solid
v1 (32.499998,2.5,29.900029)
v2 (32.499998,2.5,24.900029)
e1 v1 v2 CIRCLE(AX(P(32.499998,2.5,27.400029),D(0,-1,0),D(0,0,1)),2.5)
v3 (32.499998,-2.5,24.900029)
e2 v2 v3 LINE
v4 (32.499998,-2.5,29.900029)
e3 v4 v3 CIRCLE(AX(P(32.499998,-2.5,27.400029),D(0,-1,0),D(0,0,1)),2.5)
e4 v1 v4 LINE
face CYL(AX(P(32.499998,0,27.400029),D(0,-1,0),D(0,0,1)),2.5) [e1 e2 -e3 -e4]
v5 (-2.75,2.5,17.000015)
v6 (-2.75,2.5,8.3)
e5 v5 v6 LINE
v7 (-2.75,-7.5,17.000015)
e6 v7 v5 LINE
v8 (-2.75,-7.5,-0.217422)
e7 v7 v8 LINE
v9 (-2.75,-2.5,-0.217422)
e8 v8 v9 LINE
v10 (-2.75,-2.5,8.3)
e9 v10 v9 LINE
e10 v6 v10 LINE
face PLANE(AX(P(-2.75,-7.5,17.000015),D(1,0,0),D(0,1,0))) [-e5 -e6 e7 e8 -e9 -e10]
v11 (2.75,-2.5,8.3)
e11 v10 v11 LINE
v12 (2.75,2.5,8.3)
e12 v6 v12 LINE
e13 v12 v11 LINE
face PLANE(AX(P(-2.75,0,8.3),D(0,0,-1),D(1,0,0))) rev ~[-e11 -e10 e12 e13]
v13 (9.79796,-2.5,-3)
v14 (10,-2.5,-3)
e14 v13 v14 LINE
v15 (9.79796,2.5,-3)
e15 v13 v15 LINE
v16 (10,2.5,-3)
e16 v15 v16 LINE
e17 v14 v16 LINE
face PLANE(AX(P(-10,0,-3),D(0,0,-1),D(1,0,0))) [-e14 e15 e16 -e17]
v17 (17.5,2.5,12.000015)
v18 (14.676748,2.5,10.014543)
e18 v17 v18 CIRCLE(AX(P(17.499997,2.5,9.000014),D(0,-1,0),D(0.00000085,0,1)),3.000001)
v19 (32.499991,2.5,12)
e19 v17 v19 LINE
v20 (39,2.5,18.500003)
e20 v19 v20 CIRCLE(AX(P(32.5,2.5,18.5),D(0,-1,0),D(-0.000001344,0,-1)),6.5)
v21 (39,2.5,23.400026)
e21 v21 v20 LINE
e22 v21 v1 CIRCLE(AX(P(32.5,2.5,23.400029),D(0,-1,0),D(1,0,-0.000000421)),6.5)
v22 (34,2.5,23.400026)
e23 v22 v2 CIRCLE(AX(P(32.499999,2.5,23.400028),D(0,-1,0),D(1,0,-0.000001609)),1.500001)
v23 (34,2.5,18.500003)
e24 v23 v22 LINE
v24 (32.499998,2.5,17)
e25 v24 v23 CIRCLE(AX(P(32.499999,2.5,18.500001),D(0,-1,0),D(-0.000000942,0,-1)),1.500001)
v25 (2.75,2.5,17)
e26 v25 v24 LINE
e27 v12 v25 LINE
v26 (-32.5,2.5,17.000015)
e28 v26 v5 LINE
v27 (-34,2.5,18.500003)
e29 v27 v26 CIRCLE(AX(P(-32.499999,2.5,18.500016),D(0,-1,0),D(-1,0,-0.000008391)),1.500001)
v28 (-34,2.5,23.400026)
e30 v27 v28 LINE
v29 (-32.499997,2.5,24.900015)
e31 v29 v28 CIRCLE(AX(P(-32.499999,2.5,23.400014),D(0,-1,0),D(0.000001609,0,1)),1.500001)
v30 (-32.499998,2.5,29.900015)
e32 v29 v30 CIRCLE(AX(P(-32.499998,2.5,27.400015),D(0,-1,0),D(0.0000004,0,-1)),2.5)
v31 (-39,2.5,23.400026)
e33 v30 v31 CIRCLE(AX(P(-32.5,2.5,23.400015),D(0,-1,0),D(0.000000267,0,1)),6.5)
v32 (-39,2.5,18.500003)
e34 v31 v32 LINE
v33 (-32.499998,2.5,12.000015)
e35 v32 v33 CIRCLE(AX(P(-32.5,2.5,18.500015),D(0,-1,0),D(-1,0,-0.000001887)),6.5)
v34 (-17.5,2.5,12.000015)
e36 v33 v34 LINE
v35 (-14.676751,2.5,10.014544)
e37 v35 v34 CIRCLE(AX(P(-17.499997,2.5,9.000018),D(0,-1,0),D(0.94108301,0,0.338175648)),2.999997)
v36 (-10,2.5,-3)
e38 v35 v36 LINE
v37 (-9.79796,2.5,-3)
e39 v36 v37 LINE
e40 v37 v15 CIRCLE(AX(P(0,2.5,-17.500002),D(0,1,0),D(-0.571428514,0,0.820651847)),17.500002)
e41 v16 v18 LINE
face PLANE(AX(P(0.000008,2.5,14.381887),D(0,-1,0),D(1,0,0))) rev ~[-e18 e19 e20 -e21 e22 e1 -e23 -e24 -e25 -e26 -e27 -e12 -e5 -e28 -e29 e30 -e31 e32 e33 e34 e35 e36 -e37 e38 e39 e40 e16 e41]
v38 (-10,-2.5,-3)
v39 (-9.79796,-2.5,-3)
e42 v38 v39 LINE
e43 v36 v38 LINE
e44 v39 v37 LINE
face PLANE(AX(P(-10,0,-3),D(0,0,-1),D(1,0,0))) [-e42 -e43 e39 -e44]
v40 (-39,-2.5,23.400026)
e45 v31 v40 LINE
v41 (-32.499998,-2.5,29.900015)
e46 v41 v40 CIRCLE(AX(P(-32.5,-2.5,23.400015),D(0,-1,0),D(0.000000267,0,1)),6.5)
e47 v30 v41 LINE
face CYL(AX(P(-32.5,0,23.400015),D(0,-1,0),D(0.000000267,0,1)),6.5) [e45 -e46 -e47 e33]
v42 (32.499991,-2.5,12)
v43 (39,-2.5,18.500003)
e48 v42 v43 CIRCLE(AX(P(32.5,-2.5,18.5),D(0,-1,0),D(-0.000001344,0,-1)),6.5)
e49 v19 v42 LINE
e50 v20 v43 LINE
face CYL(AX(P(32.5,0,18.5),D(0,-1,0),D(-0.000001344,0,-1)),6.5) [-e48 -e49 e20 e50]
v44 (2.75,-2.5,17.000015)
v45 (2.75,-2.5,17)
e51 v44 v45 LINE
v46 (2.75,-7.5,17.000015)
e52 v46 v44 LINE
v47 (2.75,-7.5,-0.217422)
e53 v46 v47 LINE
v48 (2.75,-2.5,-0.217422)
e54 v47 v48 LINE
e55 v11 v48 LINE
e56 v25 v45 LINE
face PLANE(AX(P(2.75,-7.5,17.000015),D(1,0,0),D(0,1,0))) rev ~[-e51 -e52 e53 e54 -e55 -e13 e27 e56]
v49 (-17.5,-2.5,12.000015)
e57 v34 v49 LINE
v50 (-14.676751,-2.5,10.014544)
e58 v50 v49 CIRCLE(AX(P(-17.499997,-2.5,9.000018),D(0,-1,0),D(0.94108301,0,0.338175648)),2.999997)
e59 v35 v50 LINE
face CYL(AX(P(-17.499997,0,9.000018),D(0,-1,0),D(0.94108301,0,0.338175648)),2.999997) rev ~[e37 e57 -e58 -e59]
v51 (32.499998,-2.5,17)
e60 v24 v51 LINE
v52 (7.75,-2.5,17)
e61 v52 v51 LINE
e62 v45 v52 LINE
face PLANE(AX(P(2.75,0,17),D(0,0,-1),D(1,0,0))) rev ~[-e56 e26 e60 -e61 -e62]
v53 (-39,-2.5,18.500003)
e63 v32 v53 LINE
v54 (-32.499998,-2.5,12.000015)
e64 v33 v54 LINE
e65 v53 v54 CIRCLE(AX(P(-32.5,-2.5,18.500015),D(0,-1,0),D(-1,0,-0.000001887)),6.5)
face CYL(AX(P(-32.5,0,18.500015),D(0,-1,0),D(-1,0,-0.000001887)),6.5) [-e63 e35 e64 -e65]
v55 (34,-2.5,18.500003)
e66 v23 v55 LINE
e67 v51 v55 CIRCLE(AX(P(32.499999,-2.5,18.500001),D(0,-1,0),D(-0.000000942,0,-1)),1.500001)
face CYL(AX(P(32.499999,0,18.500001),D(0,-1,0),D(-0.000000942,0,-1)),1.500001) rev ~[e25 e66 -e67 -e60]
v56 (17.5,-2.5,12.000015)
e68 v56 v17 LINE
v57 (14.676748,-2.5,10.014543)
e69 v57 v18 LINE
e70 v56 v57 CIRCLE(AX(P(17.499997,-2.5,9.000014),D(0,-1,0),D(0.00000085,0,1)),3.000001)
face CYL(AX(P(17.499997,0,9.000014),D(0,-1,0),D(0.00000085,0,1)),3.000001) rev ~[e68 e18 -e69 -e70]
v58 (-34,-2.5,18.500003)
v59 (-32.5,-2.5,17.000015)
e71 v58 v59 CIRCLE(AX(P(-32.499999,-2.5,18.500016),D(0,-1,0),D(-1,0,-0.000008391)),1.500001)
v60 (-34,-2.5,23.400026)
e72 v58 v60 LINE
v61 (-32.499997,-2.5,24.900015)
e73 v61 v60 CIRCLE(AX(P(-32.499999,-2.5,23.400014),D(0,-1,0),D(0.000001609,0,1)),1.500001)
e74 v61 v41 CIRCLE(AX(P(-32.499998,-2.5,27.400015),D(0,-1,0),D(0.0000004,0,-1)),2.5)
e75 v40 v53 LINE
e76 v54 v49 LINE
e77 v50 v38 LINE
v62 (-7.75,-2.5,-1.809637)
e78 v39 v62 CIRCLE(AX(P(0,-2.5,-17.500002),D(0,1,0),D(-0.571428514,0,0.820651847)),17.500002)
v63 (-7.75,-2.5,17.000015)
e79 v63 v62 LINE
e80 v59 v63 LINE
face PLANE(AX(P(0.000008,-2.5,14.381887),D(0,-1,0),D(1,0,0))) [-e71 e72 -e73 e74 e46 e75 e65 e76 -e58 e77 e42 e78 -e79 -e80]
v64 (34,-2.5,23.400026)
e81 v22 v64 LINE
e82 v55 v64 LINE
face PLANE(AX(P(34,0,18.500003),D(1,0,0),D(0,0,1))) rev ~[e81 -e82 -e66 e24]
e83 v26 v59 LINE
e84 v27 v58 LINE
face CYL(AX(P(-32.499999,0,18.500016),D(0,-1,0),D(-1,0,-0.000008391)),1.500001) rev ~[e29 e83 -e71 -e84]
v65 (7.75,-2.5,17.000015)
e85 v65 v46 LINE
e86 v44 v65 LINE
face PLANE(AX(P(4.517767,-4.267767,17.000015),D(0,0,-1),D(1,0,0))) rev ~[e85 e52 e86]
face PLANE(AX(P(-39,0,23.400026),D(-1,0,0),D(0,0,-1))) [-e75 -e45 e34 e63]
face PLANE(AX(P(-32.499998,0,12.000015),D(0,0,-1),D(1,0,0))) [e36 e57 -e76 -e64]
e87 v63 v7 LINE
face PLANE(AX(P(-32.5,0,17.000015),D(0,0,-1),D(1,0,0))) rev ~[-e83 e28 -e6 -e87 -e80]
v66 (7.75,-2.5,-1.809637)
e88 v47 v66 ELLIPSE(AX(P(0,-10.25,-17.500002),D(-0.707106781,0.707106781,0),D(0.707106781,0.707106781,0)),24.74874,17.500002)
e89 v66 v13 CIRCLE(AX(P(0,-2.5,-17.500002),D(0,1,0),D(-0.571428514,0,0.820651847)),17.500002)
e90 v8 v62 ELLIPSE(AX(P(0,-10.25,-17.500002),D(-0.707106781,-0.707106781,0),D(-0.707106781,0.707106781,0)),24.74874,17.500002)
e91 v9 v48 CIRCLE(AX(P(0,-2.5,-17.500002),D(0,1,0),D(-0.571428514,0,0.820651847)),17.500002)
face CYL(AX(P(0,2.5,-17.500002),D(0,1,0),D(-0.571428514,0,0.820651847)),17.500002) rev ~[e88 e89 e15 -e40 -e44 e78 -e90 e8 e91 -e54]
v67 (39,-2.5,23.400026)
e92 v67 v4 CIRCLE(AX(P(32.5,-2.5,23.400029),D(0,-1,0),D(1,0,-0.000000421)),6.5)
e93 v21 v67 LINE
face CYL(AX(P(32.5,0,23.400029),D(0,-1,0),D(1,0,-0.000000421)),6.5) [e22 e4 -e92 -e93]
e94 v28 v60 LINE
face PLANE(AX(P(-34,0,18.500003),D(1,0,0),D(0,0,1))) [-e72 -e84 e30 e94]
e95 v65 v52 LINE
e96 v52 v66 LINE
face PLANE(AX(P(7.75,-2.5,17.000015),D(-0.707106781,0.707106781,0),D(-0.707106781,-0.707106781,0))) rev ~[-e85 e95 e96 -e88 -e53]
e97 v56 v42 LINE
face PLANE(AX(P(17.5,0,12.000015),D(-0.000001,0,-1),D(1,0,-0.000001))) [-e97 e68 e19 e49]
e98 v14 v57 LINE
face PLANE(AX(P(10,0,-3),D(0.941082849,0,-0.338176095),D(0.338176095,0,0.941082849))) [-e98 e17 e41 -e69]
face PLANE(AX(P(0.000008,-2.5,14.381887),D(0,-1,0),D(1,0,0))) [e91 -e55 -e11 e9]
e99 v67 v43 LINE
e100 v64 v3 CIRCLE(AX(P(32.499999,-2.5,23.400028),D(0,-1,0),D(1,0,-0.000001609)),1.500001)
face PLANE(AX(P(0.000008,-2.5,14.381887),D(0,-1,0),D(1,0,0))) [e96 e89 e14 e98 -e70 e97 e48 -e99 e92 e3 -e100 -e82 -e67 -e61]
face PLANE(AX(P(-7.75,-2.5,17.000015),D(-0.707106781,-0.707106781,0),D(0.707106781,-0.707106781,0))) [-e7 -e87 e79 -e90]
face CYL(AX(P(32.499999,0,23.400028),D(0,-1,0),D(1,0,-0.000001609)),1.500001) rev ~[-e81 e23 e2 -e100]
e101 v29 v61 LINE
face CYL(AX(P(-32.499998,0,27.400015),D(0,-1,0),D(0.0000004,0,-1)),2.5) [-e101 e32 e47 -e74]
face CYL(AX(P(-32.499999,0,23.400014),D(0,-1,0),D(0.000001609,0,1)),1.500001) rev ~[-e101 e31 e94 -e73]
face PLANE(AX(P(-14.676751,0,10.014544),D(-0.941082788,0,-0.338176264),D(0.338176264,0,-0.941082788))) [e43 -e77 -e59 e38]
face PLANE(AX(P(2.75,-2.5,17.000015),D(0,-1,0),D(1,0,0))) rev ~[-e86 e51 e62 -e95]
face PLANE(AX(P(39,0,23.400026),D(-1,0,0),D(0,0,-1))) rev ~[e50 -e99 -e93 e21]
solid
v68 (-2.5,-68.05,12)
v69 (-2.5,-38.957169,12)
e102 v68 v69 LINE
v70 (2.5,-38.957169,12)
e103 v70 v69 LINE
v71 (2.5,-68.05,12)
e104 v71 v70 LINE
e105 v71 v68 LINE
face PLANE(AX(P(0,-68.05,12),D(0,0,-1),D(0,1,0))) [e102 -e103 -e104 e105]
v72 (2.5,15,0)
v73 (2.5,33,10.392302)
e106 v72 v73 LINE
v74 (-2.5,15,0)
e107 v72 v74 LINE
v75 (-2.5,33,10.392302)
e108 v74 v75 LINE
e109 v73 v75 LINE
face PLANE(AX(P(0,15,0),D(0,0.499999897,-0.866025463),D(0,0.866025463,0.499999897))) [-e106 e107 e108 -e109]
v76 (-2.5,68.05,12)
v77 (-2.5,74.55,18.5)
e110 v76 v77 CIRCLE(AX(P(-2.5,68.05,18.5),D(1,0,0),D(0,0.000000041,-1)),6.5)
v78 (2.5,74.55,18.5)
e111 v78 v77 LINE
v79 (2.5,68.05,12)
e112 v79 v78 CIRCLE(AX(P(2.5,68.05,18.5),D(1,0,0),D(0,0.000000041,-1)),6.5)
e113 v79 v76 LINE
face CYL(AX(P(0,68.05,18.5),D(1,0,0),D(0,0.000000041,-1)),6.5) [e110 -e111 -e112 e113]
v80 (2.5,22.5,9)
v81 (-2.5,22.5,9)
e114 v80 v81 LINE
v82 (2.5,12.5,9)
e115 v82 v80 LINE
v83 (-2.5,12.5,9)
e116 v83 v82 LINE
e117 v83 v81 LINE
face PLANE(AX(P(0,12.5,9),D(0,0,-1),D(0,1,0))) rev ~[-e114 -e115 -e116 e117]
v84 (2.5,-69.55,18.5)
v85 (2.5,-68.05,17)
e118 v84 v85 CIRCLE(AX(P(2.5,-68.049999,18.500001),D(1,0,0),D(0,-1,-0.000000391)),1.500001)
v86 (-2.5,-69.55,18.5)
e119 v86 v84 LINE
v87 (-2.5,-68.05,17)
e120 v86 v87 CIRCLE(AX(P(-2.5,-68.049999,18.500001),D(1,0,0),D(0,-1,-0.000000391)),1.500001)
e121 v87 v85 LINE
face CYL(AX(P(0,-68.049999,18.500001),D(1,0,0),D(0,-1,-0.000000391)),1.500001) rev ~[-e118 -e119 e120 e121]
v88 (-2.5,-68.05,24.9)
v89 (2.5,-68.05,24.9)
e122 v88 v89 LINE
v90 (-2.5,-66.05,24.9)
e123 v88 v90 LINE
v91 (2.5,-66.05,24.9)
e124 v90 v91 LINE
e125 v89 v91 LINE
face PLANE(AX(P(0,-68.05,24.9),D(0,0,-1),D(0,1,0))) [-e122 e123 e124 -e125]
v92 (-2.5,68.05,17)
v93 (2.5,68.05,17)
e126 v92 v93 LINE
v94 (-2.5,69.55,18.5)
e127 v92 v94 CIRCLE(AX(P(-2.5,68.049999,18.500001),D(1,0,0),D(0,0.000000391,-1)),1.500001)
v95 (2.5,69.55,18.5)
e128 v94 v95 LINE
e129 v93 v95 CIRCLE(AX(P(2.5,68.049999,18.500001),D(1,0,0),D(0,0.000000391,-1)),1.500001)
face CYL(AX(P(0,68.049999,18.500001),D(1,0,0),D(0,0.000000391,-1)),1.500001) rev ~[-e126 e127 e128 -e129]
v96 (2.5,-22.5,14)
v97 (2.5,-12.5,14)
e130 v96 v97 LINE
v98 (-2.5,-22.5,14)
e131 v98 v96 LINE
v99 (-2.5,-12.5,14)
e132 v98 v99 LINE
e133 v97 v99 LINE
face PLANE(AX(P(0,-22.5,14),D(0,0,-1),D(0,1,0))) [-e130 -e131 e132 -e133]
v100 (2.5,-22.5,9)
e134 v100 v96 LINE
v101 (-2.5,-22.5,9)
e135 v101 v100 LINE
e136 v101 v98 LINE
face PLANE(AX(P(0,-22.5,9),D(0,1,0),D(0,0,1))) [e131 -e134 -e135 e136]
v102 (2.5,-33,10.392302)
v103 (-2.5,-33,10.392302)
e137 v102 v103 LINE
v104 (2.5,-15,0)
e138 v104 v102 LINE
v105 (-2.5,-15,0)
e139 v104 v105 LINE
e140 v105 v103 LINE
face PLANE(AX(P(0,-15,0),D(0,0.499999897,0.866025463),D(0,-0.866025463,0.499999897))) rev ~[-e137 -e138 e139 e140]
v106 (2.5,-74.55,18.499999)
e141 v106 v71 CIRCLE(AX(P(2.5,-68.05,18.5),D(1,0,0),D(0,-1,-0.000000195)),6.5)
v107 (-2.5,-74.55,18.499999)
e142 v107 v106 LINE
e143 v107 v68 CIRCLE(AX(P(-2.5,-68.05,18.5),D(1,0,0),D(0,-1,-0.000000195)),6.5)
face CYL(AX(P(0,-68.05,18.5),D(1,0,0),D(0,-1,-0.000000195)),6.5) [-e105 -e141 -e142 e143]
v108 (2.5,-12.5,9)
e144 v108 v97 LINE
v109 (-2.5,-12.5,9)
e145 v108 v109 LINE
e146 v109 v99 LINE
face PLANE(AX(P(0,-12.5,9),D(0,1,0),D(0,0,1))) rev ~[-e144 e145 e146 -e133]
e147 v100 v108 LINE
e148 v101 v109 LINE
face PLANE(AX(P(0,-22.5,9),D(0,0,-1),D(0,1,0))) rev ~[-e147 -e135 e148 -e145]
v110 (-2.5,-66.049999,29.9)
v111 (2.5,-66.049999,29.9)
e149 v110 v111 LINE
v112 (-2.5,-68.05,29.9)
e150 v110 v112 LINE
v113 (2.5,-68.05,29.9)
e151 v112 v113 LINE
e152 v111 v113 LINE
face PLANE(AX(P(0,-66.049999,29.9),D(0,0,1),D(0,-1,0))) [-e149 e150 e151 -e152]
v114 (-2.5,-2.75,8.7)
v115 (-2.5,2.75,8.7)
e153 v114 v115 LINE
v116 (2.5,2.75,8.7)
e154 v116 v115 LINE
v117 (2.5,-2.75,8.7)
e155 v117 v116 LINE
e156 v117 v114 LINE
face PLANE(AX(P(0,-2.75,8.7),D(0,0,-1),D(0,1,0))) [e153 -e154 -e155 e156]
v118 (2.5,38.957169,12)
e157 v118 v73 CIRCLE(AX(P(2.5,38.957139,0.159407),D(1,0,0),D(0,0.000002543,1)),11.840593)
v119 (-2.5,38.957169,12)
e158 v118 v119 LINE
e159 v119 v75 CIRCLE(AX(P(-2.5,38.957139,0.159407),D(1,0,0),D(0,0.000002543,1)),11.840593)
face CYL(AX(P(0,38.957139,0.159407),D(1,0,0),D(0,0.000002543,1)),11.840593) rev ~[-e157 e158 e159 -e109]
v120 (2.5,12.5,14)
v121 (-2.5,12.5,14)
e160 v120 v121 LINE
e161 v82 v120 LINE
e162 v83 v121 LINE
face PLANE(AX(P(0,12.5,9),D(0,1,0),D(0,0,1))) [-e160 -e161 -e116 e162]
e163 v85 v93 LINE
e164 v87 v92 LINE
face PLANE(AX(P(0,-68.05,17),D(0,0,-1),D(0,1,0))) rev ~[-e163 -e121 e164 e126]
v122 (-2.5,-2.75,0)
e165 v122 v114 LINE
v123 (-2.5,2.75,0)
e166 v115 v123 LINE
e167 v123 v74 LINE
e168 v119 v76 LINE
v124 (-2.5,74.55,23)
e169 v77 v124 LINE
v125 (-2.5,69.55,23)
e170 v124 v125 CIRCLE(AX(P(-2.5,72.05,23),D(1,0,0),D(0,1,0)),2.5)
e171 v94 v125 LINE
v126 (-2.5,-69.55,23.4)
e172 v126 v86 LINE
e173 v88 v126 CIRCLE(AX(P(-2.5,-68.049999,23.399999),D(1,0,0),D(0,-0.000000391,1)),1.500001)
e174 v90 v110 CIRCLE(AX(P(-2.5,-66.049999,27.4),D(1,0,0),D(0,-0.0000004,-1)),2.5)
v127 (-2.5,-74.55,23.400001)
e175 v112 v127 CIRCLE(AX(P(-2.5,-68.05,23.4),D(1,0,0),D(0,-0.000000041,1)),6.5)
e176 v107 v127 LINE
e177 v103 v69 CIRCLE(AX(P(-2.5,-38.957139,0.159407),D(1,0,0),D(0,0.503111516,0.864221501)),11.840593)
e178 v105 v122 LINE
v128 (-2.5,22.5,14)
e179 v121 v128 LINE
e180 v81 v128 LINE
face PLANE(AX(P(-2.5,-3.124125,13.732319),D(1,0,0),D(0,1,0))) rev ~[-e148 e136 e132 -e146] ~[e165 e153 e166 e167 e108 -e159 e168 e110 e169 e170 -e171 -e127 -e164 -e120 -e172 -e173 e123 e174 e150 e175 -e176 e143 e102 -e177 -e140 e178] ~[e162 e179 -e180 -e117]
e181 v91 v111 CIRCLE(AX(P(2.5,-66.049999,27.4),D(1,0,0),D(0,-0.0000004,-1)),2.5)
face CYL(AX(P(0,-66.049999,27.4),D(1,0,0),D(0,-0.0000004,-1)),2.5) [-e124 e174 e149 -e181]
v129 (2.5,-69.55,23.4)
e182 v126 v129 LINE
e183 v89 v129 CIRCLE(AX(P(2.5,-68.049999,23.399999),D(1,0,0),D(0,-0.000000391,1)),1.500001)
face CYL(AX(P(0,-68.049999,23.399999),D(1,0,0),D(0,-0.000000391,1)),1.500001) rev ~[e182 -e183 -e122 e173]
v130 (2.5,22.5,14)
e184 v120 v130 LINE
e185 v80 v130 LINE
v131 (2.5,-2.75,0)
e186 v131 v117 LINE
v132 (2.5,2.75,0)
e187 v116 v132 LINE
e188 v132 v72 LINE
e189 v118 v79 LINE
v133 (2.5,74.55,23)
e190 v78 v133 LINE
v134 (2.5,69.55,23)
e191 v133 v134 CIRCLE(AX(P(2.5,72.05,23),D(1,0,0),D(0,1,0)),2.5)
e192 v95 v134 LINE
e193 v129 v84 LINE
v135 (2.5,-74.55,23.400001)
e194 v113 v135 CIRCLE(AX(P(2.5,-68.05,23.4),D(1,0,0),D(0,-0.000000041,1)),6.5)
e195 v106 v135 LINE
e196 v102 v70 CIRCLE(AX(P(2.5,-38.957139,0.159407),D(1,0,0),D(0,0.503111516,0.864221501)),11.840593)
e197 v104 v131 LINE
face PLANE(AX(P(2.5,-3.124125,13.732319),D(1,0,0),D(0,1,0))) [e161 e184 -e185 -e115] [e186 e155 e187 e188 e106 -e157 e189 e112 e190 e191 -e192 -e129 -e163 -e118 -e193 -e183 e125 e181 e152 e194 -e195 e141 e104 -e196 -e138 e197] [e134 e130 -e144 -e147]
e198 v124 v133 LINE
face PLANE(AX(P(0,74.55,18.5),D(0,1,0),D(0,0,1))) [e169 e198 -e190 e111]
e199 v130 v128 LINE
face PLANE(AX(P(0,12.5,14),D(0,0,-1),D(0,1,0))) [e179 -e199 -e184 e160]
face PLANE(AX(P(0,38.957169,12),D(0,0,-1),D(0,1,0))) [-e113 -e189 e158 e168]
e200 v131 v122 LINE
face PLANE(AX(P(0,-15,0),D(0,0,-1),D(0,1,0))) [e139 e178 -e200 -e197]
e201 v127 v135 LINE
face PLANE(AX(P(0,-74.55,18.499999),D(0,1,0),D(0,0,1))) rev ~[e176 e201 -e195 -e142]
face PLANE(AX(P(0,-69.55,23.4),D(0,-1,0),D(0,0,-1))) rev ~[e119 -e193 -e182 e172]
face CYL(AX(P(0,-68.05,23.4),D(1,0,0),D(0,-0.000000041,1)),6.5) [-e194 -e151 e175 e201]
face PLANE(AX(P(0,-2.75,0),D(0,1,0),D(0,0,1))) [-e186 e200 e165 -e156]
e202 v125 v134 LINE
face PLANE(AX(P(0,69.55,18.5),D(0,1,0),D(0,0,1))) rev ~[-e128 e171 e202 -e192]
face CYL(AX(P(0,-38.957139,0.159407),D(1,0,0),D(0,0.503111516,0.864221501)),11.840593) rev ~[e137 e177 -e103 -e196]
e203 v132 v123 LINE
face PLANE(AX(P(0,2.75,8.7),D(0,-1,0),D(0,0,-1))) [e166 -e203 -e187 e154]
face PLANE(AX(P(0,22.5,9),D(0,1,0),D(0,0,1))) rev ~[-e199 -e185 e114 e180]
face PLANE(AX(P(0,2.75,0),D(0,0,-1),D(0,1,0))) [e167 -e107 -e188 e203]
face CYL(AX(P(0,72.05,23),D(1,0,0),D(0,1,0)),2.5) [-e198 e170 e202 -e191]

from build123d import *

# Parameters (mm, degrees)
SKETCH_W     = 10
SKETCH_H     = 5
PAD_DEPTH    = 2.5
PAD001_DEPTH = 2.5
PAD002_DEPTH = 20
POCKET_DEPTH = 10


with BuildPart() as vertical:
    # Sketch → Pad (new body, symmetric)
    with BuildSketch(Plane.YZ):
        with BuildLine():
            Line((74.55, 18.5), (74.55, 23))
            ThreePointArc((74.55, 23), (72.05, 25.5), (69.55, 23))
            Line((69.55, 18.5), (69.55, 23))
            ThreePointArc((68.05, 17), (69.11066, 17.43934), (69.55, 18.5))
            Line((-68.05, 17), (68.05, 17))
            ThreePointArc((-69.55, 18.5), (-69.11066, 17.43934), (-68.05, 17))
            Line((-69.55, 23.4), (-69.55, 18.5))
            ThreePointArc((-68.05, 24.9), (-69.11066, 24.46066), (-69.55, 23.4))
            Line((-68.05, 24.9), (-66.05, 24.9))
            ThreePointArc((-66.05, 24.9), (-63.549999, 27.4), (-66.049999, 29.9))
            Line((-66.049999, 29.9), (-68.05, 29.9))
            ThreePointArc((-68.05, 29.9), (-72.646194, 27.996194), (-74.55, 23.400001))
            Line((-74.55, 18.499999), (-74.55, 23.400001))
            ThreePointArc((-74.55, 18.499999), (-72.646194, 13.903806), (-68.05, 12))
            Line((-68.05, 12), (-38.957169, 12))
            ThreePointArc((-33, 10.392302), (-35.87202, 11.591016), (-38.957169, 12))
            Line((-15, 0), (-33, 10.392302))
            Line((-15, 0), (-2.75, 0))
            Line((-2.75, 0), (-2.75, 8.7))
            Line((-2.75, 8.7), (2.75, 8.7))
            Line((2.75, 8.7), (2.75, 0))
            Line((2.75, 0), (15, 0))
            Line((15, 0), (33, 10.392302))
            ThreePointArc((38.957169, 12), (35.87202, 11.591016), (33, 10.392302))
            Line((38.957169, 12), (68.05, 12))
            ThreePointArc((68.05, 12), (72.646194, 13.903806), (74.55, 18.5))
        make_face()
        with Locations((-17.5, 11.5)):
            Rectangle(SKETCH_W, SKETCH_H, mode=Mode.SUBTRACT)
        with Locations((17.5, 11.5)):
            Rectangle(SKETCH_W, SKETCH_H, mode=Mode.SUBTRACT)
    extrude(amount=PAD_DEPTH, both=True)


with BuildPart() as fusion:
    # Sketch001 → Pad001 (new body, symmetric)
    with BuildSketch(Plane.XZ):
        with BuildLine():
            Line((17.5, 12.000015), (32.499991, 12))
            ThreePointArc((32.499991, 12), (37.096192, 13.903804), (39, 18.500003))
            Line((39, 23.400026), (39, 18.500003))
            ThreePointArc((39, 23.400026), (37.096194, 27.996223), (32.499998, 29.900029))
            ThreePointArc((32.499998, 29.900029), (29.999998, 27.400029), (32.499998, 24.900029))
            ThreePointArc((34, 23.400026), (33.56066, 24.460689), (32.499998, 24.900029))
            Line((34, 18.500003), (34, 23.400026))
            ThreePointArc((32.499998, 17), (33.56066, 17.43934), (34, 18.500003))
            Line((2.75, 17), (32.499998, 17))
            Line((2.75, 8.3), (2.75, 17))
            Line((-2.75, 8.3), (2.75, 8.3))
            Line((-2.75, 17.000015), (-2.75, 8.3))
            Line((-32.5, 17.000015), (-2.75, 17.000015))
            ThreePointArc((-34, 18.500003), (-33.560656, 17.439351), (-32.5, 17.000015))
            Line((-34, 18.500003), (-34, 23.400026))
            ThreePointArc((-32.499997, 24.900015), (-33.560655, 24.46068), (-34, 23.400026))
            ThreePointArc((-32.499997, 24.900015), (-29.999998, 27.400015), (-32.499998, 29.900015))
            ThreePointArc((-32.499998, 29.900015), (-37.096189, 27.996214), (-39, 23.400026))
            Line((-39, 23.400026), (-39, 18.500003))
            ThreePointArc((-39, 18.500003), (-37.096189, 13.903816), (-32.499998, 12.000015))
            Line((-32.499998, 12.000015), (-17.5, 12.000015))
            ThreePointArc((-14.676751, 10.014544), (-15.774251, 11.45395), (-17.5, 12.000015))
            Line((-14.676751, 10.014544), (-10, -3))
            Line((-10, -3), (10, -3))
            Line((10, -3), (14.676748, 10.014543))
            ThreePointArc((17.5, 12.000015), (15.77425, 11.45395), (14.676748, 10.014543))
        make_face()
    extrude(amount=PAD001_DEPTH, both=True)

    # Sketch002 → Pad002 (new body)
    with BuildSketch(Plane(origin=(0, 0, 17.000015), x_dir=(-1, 0, 0), z_dir=(0, 0, 1))):
        Polygon((-7.75, 2.5), (-2.75, 7.5), (-2.75, 2.5), align=None)
        Polygon((2.75, 7.5), (2.75, 2.5), (7.75, 2.5), align=None)
    extrude(amount=-PAD002_DEPTH)

    # Sketch003 → Pocket (cut)
    with BuildSketch(Plane(origin=(0, 2.5, 0), x_dir=(1, 0, 0), z_dir=(0, 1, 0))):
        with BuildLine():
            ThreePointArc((-10, 3.138593), (0, 0), (10, 3.138593))
            Line((-10, 3.138593), (10, 3.138593))
        make_face()
    extrude(amount=-POCKET_DEPTH, mode=Mode.SUBTRACT)

    # Fusion: union Vertical
    add(vertical.part)


solid = fusion.part
